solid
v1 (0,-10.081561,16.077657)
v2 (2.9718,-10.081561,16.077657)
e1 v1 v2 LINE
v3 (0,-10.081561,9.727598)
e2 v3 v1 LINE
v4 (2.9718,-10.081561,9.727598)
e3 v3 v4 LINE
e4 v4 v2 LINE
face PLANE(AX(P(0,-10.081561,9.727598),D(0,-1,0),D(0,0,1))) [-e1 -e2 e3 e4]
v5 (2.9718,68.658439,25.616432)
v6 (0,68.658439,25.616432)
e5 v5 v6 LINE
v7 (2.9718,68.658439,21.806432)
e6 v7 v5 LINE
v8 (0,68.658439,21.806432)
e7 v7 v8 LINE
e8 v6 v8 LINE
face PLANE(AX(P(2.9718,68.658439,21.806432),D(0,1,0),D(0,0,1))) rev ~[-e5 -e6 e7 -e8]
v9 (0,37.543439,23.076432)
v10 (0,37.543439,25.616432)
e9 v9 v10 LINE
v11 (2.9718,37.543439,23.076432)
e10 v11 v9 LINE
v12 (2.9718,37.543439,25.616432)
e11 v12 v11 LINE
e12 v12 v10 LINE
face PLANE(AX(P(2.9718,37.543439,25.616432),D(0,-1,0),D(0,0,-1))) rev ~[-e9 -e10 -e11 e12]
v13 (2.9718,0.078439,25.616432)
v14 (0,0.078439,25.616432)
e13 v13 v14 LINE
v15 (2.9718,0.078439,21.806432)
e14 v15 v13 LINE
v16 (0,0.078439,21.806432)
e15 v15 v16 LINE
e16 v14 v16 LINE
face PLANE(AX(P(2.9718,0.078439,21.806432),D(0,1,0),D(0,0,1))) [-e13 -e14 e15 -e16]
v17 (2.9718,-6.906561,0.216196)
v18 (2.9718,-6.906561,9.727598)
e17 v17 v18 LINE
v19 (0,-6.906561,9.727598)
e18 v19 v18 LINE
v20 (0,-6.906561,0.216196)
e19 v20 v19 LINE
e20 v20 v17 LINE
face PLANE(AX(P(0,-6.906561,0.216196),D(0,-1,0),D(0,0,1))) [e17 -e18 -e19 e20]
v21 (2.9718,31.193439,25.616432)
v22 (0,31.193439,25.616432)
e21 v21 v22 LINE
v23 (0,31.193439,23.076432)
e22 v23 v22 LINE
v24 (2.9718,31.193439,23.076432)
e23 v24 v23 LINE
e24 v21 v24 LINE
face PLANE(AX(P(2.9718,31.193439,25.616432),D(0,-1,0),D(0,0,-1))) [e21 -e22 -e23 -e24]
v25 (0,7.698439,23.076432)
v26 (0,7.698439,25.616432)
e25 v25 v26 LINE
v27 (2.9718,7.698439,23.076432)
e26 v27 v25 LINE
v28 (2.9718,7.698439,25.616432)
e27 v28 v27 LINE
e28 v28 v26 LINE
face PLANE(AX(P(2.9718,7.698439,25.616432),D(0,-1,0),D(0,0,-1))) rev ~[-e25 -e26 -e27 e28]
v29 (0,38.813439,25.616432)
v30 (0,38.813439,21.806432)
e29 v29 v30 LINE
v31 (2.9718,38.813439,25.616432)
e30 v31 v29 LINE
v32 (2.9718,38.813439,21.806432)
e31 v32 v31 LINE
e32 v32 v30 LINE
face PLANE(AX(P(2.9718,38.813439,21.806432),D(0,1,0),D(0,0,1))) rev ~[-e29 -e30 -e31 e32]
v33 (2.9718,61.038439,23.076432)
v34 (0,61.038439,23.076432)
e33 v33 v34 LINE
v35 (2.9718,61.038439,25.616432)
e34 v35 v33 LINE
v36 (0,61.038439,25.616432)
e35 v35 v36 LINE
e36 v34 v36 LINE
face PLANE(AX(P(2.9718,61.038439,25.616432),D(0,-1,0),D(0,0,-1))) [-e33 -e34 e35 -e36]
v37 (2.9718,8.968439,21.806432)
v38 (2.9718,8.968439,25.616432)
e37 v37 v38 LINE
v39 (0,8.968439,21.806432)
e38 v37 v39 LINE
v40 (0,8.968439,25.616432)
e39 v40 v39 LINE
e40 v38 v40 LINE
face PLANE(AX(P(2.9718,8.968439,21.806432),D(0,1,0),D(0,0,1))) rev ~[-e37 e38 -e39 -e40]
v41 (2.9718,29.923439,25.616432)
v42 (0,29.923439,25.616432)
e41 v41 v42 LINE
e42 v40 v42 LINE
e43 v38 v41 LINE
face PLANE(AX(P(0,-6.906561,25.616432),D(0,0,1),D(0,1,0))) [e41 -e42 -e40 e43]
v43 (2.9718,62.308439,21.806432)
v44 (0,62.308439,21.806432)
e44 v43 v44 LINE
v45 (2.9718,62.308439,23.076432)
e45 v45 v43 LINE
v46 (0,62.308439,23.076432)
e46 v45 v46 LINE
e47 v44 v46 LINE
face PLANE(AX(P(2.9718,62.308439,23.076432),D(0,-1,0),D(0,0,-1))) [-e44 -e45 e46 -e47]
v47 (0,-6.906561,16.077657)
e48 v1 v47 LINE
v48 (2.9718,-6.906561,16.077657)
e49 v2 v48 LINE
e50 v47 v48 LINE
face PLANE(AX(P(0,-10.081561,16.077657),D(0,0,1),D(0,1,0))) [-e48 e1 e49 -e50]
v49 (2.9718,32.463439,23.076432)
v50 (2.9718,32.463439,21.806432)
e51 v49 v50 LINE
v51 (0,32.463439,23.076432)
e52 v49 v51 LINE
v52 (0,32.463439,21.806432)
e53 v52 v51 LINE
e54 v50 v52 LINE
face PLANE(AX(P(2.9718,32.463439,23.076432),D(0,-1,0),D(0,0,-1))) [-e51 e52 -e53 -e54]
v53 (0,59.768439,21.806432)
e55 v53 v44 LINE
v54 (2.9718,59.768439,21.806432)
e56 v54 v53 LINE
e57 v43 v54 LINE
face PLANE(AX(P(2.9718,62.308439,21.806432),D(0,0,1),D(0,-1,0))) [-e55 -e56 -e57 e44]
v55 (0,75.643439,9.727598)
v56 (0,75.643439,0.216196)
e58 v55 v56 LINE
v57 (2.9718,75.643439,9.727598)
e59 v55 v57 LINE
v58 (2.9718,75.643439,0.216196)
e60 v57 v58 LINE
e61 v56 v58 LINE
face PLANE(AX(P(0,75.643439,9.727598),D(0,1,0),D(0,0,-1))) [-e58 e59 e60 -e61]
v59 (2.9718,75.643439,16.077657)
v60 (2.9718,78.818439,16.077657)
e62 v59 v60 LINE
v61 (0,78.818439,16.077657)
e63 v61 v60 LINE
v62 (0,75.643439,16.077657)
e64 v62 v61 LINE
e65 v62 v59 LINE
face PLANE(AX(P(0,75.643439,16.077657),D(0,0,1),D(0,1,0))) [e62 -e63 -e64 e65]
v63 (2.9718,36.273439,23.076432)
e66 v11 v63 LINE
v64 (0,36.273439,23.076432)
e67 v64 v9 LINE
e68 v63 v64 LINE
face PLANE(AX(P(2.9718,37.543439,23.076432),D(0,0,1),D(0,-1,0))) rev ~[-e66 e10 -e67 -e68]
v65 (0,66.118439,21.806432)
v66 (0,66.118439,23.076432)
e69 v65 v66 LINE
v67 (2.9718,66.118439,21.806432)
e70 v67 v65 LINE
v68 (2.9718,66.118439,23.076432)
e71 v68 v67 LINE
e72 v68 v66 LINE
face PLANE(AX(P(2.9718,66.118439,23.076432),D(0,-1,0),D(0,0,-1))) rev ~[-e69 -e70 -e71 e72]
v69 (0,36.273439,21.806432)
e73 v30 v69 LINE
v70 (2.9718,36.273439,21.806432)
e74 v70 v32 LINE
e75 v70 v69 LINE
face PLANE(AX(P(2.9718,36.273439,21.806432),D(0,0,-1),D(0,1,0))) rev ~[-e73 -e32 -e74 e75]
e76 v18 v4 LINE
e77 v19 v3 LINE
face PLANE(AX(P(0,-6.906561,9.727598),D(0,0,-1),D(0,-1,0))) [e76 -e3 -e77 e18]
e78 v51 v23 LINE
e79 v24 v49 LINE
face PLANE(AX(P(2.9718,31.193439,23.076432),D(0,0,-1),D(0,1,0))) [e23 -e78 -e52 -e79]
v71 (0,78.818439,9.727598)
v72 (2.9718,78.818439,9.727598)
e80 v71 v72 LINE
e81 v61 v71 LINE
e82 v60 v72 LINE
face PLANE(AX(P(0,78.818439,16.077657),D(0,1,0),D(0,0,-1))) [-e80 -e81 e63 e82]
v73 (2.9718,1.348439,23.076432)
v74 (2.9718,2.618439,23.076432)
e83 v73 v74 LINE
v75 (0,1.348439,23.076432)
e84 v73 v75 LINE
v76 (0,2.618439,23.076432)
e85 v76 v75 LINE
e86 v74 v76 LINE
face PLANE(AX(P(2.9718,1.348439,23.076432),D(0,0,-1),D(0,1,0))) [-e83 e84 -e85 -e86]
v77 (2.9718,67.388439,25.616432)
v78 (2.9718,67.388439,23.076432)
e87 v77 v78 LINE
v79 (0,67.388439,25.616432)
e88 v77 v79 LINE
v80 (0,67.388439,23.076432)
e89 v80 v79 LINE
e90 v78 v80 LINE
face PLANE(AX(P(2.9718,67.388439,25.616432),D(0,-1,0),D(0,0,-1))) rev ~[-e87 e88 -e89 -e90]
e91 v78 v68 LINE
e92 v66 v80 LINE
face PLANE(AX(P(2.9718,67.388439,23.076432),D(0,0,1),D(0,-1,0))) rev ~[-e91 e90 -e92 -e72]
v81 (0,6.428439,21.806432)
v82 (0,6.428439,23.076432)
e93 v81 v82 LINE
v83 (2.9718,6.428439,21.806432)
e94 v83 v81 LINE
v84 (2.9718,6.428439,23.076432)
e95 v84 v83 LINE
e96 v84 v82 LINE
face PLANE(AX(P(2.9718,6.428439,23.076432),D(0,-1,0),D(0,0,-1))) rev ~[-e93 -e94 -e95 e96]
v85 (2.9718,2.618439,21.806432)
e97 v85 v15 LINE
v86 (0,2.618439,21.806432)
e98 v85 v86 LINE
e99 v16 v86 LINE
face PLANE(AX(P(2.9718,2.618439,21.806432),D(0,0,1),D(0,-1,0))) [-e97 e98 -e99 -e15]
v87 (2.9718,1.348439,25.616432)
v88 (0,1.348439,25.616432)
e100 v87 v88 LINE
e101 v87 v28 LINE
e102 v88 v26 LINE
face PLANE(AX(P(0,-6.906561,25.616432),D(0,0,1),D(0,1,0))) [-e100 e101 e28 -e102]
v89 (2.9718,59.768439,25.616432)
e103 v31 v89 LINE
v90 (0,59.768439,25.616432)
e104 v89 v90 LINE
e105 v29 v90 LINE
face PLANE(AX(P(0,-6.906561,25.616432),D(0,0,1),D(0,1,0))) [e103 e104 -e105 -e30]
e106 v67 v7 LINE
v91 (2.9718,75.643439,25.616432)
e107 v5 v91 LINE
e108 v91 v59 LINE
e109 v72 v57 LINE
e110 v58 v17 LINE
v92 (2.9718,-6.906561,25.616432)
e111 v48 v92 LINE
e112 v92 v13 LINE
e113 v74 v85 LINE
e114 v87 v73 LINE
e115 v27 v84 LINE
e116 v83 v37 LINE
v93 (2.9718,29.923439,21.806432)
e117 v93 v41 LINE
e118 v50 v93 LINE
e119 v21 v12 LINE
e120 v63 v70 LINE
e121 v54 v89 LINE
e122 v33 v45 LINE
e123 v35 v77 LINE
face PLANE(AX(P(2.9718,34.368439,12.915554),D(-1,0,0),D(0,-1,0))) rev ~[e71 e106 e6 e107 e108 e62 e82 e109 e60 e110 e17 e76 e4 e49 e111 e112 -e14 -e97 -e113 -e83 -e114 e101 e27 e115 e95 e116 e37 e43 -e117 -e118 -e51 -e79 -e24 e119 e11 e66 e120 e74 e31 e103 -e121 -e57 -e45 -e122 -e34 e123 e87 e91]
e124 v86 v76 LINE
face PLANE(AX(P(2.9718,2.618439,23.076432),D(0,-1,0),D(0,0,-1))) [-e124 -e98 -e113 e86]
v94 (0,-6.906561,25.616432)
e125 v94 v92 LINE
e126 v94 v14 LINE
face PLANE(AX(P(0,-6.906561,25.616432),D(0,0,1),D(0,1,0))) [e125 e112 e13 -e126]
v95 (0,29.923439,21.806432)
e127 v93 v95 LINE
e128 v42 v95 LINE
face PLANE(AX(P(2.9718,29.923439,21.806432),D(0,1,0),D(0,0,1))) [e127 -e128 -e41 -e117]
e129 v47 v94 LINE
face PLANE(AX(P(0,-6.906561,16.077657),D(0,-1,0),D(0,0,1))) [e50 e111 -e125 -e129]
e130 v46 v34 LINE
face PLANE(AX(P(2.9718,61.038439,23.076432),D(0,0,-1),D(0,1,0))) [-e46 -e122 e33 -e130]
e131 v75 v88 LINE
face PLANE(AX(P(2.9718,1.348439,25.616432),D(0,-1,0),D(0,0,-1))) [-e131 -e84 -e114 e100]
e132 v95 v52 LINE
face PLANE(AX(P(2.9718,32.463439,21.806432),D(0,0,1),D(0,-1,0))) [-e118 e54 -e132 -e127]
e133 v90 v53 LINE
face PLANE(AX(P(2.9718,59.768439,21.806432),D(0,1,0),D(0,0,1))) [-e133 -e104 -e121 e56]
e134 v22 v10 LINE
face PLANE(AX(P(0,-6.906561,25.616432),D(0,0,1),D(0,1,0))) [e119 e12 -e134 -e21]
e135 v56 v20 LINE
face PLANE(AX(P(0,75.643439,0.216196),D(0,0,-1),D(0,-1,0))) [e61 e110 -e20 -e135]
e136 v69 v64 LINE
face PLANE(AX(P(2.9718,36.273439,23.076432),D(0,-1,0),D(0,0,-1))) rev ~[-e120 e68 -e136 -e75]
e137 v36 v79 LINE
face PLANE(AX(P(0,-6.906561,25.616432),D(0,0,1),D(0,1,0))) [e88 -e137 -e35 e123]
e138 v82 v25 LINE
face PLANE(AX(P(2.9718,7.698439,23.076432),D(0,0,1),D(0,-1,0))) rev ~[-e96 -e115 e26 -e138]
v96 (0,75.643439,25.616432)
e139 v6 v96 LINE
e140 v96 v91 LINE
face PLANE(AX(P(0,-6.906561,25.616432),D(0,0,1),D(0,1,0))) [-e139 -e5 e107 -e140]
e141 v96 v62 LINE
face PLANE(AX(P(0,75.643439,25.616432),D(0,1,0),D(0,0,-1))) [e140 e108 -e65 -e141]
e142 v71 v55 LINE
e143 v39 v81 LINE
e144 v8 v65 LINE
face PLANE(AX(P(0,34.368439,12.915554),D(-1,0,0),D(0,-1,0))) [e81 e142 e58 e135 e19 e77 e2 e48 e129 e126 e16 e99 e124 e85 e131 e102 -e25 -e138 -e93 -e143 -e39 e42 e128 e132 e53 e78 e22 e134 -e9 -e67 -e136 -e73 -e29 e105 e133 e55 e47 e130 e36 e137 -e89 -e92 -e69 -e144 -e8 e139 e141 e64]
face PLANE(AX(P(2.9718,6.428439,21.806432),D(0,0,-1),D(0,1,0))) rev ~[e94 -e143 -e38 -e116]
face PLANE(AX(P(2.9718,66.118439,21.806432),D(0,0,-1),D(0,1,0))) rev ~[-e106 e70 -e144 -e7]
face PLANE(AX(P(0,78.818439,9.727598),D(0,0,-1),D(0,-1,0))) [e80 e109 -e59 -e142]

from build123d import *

# Parameters (mm, degrees)
BOSS_EXTRUDE1_DEPTH = 2.9718
CUT_EXTRUDE1_DEPTH  = 83.929967317


with BuildPart() as part:
    # Sketch1 → Boss-Extrude1 (new body)
    with BuildSketch(Plane.YZ):
        Polygon((-10.081561306, 16.077656644), (-6.906561306, 16.077656644), (-6.906561306, 25.616432341), (75.643438694, 25.616432341), (75.643438694, 16.077656644), (78.818438694, 16.077656644), (78.818438694, 9.72759764), (75.643438694, 9.72759764), (75.643438694, 0.216196324), (-6.906561306, 0.216196324), (-6.906561306, 9.72759764), (-10.081561306, 9.72759764), align=None)
    extrude(amount=BOSS_EXTRUDE1_DEPTH)

    # Sketch2 → Cut-Extrude1 (cut, through all)
    with BuildSketch(Plane.YZ.offset(2.9718)):
        Polygon((0.078438694, 25.616432341), (1.348438694, 25.616432341), (1.348438694, 23.076432341), (2.618438694, 23.076432341), (2.618438694, 21.806432341), (0.078438694, 21.806432341), align=None)
        Polygon((6.428438694, 23.076432341), (6.428438694, 21.806432341), (8.968438694, 21.806432341), (8.968438694, 25.616432341), (7.698438694, 25.616432341), (7.698438694, 23.076432341), align=None)
        Polygon((29.923438694, 25.616432341), (31.193438694, 25.616432341), (31.193438694, 23.076432341), (32.463438694, 23.076432341), (32.463438694, 21.806432341), (29.923438694, 21.806432341), align=None)
        Polygon((36.273438694, 23.076432341), (36.273438694, 21.806432341), (38.813438694, 21.806432341), (38.813438694, 25.616432341), (37.543438694, 25.616432341), (37.543438694, 23.076432341), align=None)
        Polygon((59.768438694, 25.616432341), (61.038438694, 25.616432341), (61.038438694, 23.076432341), (62.308438694, 23.076432341), (62.308438694, 21.806432341), (59.768438694, 21.806432341), align=None)
        Polygon((66.118438694, 23.076432341), (66.118438694, 21.806432341), (68.658438694, 21.806432341), (68.658438694, 25.616432341), (67.388438694, 25.616432341), (67.388438694, 23.076432341), align=None)
    extrude(amount=-CUT_EXTRUDE1_DEPTH, mode=Mode.SUBTRACT)


solid = part.part
